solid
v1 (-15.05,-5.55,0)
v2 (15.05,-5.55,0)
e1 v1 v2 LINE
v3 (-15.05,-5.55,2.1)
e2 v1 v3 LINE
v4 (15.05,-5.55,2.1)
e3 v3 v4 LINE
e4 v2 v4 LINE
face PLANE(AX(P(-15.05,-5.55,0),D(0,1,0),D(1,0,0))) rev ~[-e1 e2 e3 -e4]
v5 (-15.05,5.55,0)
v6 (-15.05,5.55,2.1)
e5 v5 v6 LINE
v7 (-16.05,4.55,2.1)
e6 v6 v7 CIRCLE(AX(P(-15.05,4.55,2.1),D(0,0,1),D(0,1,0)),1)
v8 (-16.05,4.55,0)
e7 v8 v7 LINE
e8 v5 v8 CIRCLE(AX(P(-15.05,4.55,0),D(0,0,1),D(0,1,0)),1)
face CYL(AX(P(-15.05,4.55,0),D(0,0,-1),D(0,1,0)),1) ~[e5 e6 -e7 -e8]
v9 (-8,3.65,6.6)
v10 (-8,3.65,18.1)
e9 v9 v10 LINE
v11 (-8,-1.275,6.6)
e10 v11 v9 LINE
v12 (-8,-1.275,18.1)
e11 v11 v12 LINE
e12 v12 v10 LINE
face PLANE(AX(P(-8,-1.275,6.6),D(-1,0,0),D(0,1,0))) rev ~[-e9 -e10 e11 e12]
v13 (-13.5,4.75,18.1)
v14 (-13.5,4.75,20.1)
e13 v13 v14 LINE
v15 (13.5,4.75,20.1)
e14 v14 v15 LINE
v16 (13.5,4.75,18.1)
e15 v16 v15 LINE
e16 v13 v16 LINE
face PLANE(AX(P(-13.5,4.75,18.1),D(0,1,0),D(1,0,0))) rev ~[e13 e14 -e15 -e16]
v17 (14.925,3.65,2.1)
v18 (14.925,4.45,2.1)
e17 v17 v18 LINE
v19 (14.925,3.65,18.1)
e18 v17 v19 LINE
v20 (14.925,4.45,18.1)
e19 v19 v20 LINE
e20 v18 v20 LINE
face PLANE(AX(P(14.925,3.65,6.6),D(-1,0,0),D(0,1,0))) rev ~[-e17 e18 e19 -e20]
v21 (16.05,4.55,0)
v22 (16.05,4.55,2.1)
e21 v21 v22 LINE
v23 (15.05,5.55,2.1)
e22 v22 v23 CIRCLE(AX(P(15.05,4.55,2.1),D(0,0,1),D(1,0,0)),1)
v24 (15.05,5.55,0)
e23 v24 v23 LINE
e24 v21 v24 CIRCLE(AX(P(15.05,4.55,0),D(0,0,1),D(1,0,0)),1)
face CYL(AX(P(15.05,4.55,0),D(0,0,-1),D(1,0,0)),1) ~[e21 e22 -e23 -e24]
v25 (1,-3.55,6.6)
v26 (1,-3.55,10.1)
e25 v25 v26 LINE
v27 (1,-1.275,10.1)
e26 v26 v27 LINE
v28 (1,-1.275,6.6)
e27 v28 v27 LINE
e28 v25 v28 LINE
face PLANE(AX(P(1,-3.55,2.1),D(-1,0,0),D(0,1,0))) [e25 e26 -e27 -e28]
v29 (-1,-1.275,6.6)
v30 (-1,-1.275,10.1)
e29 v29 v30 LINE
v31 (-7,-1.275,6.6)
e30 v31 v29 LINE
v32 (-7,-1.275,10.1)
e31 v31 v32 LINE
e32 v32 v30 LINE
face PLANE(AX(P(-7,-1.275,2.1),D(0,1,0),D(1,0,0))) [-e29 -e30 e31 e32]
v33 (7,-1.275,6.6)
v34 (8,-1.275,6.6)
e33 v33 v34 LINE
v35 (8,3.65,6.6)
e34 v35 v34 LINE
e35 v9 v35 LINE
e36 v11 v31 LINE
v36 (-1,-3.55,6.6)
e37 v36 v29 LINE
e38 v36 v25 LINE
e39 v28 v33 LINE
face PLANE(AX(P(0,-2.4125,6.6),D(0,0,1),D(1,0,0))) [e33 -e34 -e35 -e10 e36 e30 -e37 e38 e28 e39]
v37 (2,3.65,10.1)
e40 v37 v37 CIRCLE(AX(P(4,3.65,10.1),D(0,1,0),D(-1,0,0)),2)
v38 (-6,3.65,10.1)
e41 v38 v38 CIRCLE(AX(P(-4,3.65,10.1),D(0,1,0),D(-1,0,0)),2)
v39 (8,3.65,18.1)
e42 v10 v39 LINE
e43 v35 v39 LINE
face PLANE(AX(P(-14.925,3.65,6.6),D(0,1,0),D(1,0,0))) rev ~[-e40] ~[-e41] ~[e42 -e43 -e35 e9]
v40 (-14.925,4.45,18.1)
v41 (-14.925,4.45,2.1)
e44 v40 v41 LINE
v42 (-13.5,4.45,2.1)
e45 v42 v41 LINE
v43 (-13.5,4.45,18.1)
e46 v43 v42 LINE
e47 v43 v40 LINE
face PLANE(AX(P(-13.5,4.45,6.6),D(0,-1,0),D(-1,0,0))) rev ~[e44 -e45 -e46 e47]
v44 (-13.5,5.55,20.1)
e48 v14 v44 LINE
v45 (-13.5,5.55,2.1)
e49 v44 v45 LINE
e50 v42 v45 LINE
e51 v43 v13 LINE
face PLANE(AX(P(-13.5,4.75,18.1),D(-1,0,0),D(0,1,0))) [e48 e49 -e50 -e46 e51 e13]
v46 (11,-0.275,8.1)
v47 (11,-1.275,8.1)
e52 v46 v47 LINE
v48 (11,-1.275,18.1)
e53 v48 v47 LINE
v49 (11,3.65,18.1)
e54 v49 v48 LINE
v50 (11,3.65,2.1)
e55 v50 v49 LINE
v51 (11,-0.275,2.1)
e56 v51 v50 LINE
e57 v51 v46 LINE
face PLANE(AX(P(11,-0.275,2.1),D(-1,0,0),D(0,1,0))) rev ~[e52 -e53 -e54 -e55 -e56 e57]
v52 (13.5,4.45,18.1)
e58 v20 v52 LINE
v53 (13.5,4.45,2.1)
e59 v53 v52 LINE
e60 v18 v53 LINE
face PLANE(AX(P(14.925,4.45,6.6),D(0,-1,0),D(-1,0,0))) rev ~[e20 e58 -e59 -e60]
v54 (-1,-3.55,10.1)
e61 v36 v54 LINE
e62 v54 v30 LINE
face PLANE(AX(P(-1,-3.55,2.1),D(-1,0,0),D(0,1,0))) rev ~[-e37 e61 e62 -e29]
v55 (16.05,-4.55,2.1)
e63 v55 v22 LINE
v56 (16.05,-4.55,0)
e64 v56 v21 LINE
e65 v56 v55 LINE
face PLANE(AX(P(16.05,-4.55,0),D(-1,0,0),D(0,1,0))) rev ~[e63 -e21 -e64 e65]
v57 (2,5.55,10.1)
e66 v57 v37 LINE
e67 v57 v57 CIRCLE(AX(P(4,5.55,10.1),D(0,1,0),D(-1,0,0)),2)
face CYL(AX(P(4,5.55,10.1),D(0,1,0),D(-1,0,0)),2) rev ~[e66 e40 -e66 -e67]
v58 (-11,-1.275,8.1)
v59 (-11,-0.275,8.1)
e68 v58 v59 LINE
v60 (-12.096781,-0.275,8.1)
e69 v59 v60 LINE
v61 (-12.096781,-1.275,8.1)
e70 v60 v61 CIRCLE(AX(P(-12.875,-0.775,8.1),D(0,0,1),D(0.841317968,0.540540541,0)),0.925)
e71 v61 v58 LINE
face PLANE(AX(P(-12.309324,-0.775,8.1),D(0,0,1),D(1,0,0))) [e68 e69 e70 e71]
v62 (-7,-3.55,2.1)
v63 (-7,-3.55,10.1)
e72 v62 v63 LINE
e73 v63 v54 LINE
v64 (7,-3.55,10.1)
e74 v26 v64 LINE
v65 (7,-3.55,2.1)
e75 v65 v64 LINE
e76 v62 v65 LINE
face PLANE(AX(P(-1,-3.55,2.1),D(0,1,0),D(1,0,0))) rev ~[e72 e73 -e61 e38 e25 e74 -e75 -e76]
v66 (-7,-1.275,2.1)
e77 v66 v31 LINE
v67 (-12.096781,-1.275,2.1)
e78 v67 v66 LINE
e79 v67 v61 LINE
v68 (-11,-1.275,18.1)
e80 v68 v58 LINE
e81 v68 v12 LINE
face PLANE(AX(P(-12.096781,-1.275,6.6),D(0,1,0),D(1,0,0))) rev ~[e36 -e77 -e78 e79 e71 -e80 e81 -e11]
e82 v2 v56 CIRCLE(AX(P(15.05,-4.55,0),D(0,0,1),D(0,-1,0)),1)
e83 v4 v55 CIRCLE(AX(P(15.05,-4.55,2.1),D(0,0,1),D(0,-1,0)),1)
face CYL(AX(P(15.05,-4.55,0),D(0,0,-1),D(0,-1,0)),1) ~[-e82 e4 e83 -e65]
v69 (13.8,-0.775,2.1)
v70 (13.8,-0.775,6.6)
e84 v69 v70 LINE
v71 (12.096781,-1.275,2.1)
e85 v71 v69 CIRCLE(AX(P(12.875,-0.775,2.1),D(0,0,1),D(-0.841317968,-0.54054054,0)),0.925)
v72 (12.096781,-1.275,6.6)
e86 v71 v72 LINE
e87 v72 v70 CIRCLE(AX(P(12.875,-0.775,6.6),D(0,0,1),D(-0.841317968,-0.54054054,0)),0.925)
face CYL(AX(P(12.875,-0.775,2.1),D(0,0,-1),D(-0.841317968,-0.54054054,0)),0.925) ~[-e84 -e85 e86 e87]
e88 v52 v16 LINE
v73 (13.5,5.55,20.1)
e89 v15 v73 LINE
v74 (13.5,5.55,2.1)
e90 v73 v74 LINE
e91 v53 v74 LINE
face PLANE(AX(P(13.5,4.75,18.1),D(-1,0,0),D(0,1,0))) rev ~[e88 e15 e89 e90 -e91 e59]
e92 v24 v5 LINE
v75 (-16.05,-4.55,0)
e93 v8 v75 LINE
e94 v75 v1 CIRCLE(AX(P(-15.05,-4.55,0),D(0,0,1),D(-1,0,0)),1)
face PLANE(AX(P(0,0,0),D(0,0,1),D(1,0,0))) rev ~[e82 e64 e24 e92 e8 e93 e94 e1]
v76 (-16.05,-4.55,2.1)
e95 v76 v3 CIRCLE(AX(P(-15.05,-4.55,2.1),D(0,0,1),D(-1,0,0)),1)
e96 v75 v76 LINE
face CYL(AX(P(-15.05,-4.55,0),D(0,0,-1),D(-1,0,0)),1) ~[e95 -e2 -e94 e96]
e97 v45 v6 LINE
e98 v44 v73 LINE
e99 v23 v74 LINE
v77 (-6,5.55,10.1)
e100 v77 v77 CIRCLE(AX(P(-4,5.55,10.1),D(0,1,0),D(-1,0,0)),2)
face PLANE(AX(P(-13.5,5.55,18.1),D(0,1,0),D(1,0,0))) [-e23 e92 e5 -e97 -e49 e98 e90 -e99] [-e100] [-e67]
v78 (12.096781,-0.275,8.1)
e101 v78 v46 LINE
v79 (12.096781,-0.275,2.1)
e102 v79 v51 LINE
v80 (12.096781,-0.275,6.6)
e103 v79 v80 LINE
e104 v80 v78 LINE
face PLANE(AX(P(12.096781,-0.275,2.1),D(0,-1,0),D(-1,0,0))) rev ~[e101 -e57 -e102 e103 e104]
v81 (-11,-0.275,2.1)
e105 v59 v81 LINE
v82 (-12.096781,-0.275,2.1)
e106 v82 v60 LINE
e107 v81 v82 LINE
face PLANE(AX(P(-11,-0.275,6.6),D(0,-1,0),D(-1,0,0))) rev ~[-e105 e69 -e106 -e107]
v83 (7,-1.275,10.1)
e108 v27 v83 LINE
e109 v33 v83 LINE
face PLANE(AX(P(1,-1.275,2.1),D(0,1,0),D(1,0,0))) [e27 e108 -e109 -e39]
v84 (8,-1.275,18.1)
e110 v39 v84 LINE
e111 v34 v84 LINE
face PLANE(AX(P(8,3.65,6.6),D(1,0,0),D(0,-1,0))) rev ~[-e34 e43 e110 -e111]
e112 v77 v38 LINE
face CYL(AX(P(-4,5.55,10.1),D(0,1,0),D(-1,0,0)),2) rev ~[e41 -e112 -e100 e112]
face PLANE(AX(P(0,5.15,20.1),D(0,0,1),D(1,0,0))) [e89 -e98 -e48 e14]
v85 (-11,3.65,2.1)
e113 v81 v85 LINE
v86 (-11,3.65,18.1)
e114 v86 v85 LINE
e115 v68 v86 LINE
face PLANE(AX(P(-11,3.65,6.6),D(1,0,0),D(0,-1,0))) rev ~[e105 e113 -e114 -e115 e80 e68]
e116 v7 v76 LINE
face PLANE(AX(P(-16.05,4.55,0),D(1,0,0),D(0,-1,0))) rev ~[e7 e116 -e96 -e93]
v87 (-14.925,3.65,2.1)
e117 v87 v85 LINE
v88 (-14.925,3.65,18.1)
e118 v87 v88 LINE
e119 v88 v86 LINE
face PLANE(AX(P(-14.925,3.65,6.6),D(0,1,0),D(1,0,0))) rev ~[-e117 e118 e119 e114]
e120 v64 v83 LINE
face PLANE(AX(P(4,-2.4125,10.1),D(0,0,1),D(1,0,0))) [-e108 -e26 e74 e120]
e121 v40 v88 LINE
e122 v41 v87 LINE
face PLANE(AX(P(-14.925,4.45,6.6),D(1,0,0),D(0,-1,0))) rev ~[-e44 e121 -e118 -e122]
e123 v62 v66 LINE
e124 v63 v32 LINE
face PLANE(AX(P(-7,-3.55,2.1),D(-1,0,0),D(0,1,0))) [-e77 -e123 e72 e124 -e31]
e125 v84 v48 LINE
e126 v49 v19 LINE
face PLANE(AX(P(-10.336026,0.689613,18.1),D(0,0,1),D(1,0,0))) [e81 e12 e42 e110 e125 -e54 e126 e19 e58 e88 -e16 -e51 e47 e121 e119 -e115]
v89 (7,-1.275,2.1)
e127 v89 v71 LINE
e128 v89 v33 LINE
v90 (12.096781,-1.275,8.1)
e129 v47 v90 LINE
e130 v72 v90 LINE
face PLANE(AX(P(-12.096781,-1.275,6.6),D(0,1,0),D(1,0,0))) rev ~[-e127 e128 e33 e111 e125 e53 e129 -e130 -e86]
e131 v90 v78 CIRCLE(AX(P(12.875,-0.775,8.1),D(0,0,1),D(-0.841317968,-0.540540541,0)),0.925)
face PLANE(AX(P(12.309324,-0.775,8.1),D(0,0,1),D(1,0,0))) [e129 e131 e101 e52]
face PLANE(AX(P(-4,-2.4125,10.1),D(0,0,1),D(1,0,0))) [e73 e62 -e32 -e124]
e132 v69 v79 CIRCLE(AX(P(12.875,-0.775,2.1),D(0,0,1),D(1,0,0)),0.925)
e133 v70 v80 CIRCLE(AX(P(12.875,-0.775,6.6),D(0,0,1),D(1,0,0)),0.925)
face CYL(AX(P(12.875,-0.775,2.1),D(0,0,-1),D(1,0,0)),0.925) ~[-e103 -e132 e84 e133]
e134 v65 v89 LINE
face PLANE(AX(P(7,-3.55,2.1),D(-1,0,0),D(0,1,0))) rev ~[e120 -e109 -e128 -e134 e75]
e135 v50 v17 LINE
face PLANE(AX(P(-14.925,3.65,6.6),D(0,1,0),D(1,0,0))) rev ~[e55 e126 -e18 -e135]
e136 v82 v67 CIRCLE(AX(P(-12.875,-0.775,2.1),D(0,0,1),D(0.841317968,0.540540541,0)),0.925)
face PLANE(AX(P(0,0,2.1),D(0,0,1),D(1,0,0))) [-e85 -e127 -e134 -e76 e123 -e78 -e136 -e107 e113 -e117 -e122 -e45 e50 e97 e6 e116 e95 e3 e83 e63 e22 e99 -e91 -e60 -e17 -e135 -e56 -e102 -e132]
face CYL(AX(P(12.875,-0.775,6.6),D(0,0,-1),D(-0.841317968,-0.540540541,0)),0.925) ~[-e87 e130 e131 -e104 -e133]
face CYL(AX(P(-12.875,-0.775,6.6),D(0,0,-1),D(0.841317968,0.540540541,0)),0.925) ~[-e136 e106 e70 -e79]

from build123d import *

# Parameters (mm, degrees)
F1_DEPTH  = 2.1
F2_W      = 27
F2_H      = 1.1
F3_DEPTH  = 4.5
F4_DEPTH  = 11.5
F5_R      = 2
F6_DEPTH  = 25
F7_W      = 22
F7_H      = 3.925
F8_DEPTH  = 4.5
F10_DEPTH = 11.5
F11_W     = 6
F11_H     = 2.275
F12_DEPTH = 8
F13_W     = 27
F13_H     = 0.8
F14_DEPTH = 2
F15_W     = 2
F15_H     = 2.275
F16_DEPTH = 4.5
F18_DEPTH = 10


with BuildPart() as f1:
    # F0 (on Top) → F1 (new body)
    with BuildSketch(Plane.XY):
        with BuildLine():
            Line((15.05, 5.55), (-15.05, 5.55))
            ThreePointArc((-15.05, 5.55), (-15.7571067812, 5.2571067812), (-16.05, 4.55))
            Line((-16.05, 4.55), (-16.05, -4.55))
            ThreePointArc((-16.05, -4.55), (-15.7571067812, -5.2571067812), (-15.05, -5.55))
            Line((-15.05, -5.55), (15.05, -5.55))
            ThreePointArc((15.05, -5.55), (15.7571067812, -5.2571067812), (16.05, -4.55))
            Line((16.05, -4.55), (16.05, 4.55))
            ThreePointArc((16.05, 4.55), (15.7571067812, 5.2571067812), (15.05, 5.55))
        make_face()
    extrude(amount=F1_DEPTH)

    # F2 (on face) → F3 (join)
    with BuildSketch(Plane.XY.offset(2.1)):
        with BuildLine():
            ThreePointArc((13.8, -0.775), (13.1355497201, 0.1125465303), (12.0967808792, -0.275))
            Line((12.0967808792, -0.275), (12.875, -0.275))
            Line((12.875, -0.275), (12.875, -1.275))
            Line((12.875, -1.275), (12.0967808792, -1.275))
            ThreePointArc((12.0967808792, -1.275), (13.1355497201, -1.6625465303), (13.8, -0.775))
        make_face()
        with BuildLine():
            ThreePointArc((-12.0967808792, -0.275), (-11.9874534697, -0.5144502799), (-11.95, -0.775))
            ThreePointArc((-11.95, -0.775), (-11.9874534697, -1.0355497201), (-12.0967808792, -1.275))
            Line((-12.0967808792, -1.275), (12.0967808792, -1.275))
            ThreePointArc((12.0967808792, -1.275), (11.95, -0.775), (12.0967808792, -0.275))
            Line((12.0967808792, -0.275), (-12.0967808792, -0.275))
        make_face()
        with BuildLine():
            Line((12.875, -0.275), (12.0967808792, -0.275))
            ThreePointArc((12.0967808792, -0.275), (11.95, -0.775), (12.0967808792, -1.275))
            Line((12.0967808792, -1.275), (12.875, -1.275))
            Line((12.875, -1.275), (12.875, -0.275))
        make_face()
        with BuildLine():
            Line((-12.875, -0.275), (-12.0967808792, -0.275))
            ThreePointArc((-12.0967808792, -0.275), (-13.8, -0.775), (-12.0967808792, -1.275))
            Line((-12.0967808792, -1.275), (-12.875, -1.275))
            Line((-12.875, -1.275), (-12.875, -0.275))
        make_face()
        with BuildLine():
            ThreePointArc((-12.0967808792, -1.275), (-11.9874534697, -1.0355497201), (-11.95, -0.775))
            ThreePointArc((-11.95, -0.775), (-11.9874534697, -0.5144502799), (-12.0967808792, -0.275))
            Line((-12.0967808792, -0.275), (-12.875, -0.275))
            Line((-12.875, -0.275), (-12.875, -1.275))
            Line((-12.875, -1.275), (-12.0967808792, -1.275))
        make_face()
        Polygon((13.5, 4.45), (-13.5, 4.45), (-14.925, 4.45), (-14.925, 3.65), (14.925, 3.65), (14.925, 4.45), align=None)
        with Locations((0, 5)):
            Rectangle(F2_W, F2_H)
    extrude(amount=F3_DEPTH)

    # F4 (add): a face of the model
    f4_faces = [f1.faces().sort_by_distance(p)[0] for p in [
        (0, 4.5765957447, 6.6),
    ]]
    extrude(f4_faces, amount=F4_DEPTH)

    # F5 (on face) → F6 (cut)
    with BuildSketch(Plane(origin=(0, 5.55, 0), x_dir=(-1, 0, 0), z_dir=(0, 1, 0))):
        with Locations((4, 10.1)):
            Circle(F5_R)
        with Locations((-4, 10.1)):
            Circle(F5_R)
    extrude(amount=-F6_DEPTH, mode=Mode.SUBTRACT)

    # F7 (on face) → F8 (join, through all)
    with BuildSketch(Plane.XY.offset(2.1)):
        with Locations((0, 1.6875)):
            Rectangle(F7_W, F7_H)
    extrude(amount=F8_DEPTH)

    # F9 (on face) → F10 (join, through all)
    with BuildSketch(Plane.XY.offset(6.6)):
        with BuildLine():
            Line((-11, -0.275), (-12.0967808792, -0.275))
            ThreePointArc((-12.0967808792, -0.275), (-13.8, -0.775), (-12.0967808792, -1.275))
            Line((-12.0967808792, -1.275), (-8, -1.275))
            Line((-8, -1.275), (-8, 3.65))
            Line((-8, 3.65), (-11, 3.65))
            Line((-11, 3.65), (-11, -0.275))
        make_face()
        with BuildLine():
            Line((8, 3.65), (8, -1.275))
            Line((8, -1.275), (12.0967808792, -1.275))
            ThreePointArc((12.0967808792, -1.275), (13.8, -0.775), (12.0967808792, -0.275))
            Line((12.0967808792, -0.275), (11, -0.275))
            Line((11, -0.275), (11, 3.65))
            Line((11, 3.65), (8, 3.65))
        make_face()
    extrude(amount=F10_DEPTH)

    # F11 (on face) → F12 (join)
    with BuildSketch(Plane.XY.offset(2.1)):
        with Locations((-4, -2.4125)):
            Rectangle(F11_W, F11_H)
        with Locations((4, -2.4125)):
            Rectangle(F11_W, F11_H)
    extrude(amount=F12_DEPTH)

    # F13 (on face) → F14 (join)
    with BuildSketch(Plane.XY.offset(18.1)):
        with Locations((0, 5.15)):
            Rectangle(F13_W, F13_H)
    extrude(amount=F14_DEPTH)

    # F15 (on face) → F16 (join, through all)
    with BuildSketch(Plane.XY.offset(2.1)):
        with Locations((0, -2.4125)):
            Rectangle(F15_W, F15_H)
    extrude(amount=F16_DEPTH)

    # F17 (on face) → F18 (cut)
    with BuildSketch(Plane.XY.offset(18.1)):
        with BuildLine():
            Line((-11, -1.275), (-11, -0.275))
            Line((-11, -0.275), (-12.0967808792, -0.275))
            ThreePointArc((-12.0967808792, -0.275), (-13.8, -0.775), (-12.0967808792, -1.275))
            Line((-12.0967808792, -1.275), (-11, -1.275))
        make_face()
        with BuildLine():
            Line((12.0967808792, -0.275), (11, -0.275))
            Line((11, -0.275), (11, -1.275))
            Line((11, -1.275), (12.0967808792, -1.275))
            ThreePointArc((12.0967808792, -1.275), (13.8, -0.775), (12.0967808792, -0.275))
        make_face()
    extrude(amount=-F18_DEPTH, mode=Mode.SUBTRACT)


solid = f1.part
